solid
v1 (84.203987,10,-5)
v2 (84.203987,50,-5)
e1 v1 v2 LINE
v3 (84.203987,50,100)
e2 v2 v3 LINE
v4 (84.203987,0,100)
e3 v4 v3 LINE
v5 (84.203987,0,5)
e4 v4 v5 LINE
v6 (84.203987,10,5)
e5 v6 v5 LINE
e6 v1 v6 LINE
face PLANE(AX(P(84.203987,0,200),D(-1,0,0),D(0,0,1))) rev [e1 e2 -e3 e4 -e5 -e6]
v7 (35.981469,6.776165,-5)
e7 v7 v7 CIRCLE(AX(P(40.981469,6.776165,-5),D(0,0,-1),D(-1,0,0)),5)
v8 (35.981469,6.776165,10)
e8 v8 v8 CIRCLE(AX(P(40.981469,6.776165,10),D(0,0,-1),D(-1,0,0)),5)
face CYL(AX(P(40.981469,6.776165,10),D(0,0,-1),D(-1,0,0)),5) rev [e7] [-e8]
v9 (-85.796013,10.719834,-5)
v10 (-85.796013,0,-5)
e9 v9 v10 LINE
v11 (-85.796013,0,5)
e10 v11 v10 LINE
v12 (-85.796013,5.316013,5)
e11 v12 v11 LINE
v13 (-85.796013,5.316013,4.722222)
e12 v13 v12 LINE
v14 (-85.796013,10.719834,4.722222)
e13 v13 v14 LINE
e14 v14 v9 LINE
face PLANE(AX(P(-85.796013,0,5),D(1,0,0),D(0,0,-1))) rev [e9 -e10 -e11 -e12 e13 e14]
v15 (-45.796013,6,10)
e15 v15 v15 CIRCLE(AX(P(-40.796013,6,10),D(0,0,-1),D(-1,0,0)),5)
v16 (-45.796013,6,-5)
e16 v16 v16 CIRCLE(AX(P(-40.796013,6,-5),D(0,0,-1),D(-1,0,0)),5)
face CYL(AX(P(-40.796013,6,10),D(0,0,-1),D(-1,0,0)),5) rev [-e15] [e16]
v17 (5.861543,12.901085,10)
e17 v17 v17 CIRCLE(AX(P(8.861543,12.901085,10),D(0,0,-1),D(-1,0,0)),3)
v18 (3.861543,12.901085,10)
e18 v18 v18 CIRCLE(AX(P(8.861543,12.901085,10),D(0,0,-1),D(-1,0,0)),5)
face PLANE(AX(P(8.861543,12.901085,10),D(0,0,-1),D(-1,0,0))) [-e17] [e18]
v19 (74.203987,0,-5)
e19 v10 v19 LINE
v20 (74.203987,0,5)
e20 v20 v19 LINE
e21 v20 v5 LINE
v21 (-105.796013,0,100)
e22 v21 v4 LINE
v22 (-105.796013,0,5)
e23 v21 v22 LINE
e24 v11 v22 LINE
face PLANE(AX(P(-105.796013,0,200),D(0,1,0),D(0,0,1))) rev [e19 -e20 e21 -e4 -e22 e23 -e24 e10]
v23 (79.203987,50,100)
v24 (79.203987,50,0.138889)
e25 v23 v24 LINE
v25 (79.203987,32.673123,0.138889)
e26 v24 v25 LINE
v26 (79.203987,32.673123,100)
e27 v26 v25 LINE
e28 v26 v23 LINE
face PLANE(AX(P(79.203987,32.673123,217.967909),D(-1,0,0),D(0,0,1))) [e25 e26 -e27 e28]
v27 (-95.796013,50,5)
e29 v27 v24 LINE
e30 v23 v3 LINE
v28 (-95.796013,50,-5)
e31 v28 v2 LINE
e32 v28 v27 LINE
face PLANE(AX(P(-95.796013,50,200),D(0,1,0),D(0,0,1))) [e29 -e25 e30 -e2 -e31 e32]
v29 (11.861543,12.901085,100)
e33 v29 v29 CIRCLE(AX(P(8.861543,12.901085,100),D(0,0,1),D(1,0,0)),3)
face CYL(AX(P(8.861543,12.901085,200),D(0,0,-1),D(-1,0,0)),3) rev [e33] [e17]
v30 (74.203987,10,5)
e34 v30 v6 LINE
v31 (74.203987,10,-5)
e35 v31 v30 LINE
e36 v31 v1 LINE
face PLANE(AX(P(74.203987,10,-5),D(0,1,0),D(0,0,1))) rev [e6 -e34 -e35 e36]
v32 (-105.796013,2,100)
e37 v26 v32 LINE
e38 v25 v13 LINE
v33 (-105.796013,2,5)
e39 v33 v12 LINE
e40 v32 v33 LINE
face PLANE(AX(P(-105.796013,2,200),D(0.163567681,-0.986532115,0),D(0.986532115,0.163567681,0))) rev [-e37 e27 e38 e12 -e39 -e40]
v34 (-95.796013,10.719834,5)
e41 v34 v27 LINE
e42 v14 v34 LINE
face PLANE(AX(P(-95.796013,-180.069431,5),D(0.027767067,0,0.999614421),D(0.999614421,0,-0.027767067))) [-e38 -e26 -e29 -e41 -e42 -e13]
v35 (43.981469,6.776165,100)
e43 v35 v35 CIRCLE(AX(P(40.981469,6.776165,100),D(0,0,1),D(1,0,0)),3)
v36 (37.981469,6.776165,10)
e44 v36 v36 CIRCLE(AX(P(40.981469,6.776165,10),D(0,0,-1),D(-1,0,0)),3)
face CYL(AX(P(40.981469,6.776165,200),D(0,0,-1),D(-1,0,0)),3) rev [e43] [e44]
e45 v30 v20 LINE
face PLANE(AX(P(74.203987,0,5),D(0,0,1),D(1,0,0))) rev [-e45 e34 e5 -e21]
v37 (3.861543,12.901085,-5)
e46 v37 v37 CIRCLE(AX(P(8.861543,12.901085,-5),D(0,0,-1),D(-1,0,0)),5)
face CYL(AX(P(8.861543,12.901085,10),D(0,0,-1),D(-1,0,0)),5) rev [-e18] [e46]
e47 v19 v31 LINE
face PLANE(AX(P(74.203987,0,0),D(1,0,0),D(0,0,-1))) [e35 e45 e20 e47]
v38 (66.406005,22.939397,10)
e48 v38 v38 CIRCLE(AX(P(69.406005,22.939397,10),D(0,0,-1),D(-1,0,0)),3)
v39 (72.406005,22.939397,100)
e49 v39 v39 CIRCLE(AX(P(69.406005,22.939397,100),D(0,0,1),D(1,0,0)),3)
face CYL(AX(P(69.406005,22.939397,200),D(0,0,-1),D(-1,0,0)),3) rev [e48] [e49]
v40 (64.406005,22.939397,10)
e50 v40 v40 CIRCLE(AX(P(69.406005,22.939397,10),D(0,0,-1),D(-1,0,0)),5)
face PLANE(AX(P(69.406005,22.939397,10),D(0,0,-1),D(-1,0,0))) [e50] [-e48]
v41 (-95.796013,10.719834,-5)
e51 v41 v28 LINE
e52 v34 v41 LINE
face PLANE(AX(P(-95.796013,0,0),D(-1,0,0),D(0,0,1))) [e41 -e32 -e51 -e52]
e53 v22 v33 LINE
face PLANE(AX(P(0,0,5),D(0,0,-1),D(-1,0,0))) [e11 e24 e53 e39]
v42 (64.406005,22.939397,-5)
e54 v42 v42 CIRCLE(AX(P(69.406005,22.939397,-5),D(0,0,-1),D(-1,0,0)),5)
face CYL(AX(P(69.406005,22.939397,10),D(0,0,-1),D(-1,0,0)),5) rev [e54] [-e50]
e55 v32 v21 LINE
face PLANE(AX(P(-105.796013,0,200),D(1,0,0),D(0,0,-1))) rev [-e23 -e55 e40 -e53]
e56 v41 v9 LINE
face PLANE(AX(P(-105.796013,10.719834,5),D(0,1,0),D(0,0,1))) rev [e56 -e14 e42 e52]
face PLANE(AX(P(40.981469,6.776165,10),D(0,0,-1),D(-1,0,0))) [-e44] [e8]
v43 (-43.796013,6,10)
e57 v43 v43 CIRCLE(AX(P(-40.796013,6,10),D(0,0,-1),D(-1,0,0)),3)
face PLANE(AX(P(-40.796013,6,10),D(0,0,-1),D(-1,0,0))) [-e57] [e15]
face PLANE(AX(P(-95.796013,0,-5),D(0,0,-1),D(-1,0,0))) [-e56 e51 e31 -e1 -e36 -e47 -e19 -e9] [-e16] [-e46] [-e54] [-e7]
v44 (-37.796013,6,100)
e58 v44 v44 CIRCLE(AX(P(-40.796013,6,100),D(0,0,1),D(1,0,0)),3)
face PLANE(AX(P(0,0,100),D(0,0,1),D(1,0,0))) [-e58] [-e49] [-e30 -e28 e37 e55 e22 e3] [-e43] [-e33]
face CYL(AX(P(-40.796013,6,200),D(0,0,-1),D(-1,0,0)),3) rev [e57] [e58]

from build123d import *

# Parameters (mm, degrees)
ESQUISSE1_R             = 3
BOSS_EXTRU_1_DEPTH      = 200
ESQUISSE4_W             = 5
ESQUISSE4_H             = 50
BOSS_EXTRU_4_DEPTH      = 180
BOSS_EXTRU_7_DEPTH      = 50
ESQUISSE6_W             = 20
ESQUISSE6_H             = 10.719834163
ENL_V_MAT_EXTRU_2_DEPTH = 10
ESQUISSE5_W             = 10
ESQUISSE5_H             = 10
ENL_V_MAT_EXTRU_1_DEPTH = 10
ESQUISSE14_R            = 5
ENL_V_MAT_EXTRU_4_DEPTH = 15
BOSS_EXTRU_8_REACH      = 242.401
ESQUISSE16_W            = 219.108996988
ESQUISSE16_H            = 68.482817494
ENL_V_MAT_EXTRU_5_DEPTH = 105


with BuildPart() as part:
    # Esquisse1 → Boss.-Extru.1 (new body)
    with BuildSketch(Plane.XY):
        Polygon((-105.796013405, 0), (84.203986595, 0), (84.203986595, 33.502126335), (-105.796013405, 2), align=None)
        with Locations((69.406004871, 22.939397164)):
            Circle(ESQUISSE1_R, mode=Mode.SUBTRACT)
        with Locations((40.981469067, 6.77616521)):
            Circle(ESQUISSE1_R, mode=Mode.SUBTRACT)
        with Locations((-40.796013405, 6)):
            Circle(ESQUISSE1_R, mode=Mode.SUBTRACT)
        with Locations((8.861542866, 12.901085106)):
            Circle(ESQUISSE1_R, mode=Mode.SUBTRACT)
    extrude(amount=BOSS_EXTRU_1_DEPTH)

    # Esquisse4 → Boss.-Extru.4 (add)
    with BuildSketch(Plane(origin=(84.203986595, 0, 0), x_dir=(0, 0, -1), z_dir=(1, 0, 0))):
        with Locations((-202.5, 25)):
            Rectangle(ESQUISSE4_W, ESQUISSE4_H)
        with Locations((2.5, 25)):
            Rectangle(ESQUISSE4_W, ESQUISSE4_H)
    extrude(amount=-BOSS_EXTRU_4_DEPTH)

    # Esquisse8 → Boss.-Extru.7 (add)
    with BuildSketch(Plane(origin=(0, 50, 0), x_dir=(1, 0, 0), z_dir=(0, 1, 0))):
        Polygon((84.203986595, 0), (-95.796013405, 0), (-95.796013405, -5), align=None)
    boss_extru_7 = extrude(amount=-BOSS_EXTRU_7_DEPTH)

    # Esquisse6 → Enlèv. mat.-Extru.2 (cut)
    with BuildSketch(Plane(origin=(0, 0, -5), x_dir=(-1, 0, 0), z_dir=(0, 0, -1))):
        with Locations((95.796013405, 5.359917081)):
            Rectangle(ESQUISSE6_W, ESQUISSE6_H)
    enl_v_mat_extru_2 = extrude(amount=-ENL_V_MAT_EXTRU_2_DEPTH, mode=Mode.SUBTRACT)

    # Esquisse5 → Enlèv. mat.-Extru.1 (cut)
    with BuildSketch(Plane(origin=(84.203986595, 0, 0), x_dir=(0, 0, -1), z_dir=(1, 0, 0))):
        with Locations((-200, 5)):
            Rectangle(ESQUISSE5_W, ESQUISSE5_H)
        with Locations((0, 5)):
            Rectangle(ESQUISSE5_W, ESQUISSE5_H)
    extrude(amount=-ENL_V_MAT_EXTRU_1_DEPTH, mode=Mode.SUBTRACT)

    # Esquisse14 → Enlèv. mat.-Extru.4 (cut)
    with BuildSketch(Plane(origin=(0, 0, -5), x_dir=(-1, 0, 0), z_dir=(0, 0, -1))):
        with Locations((-69.406004871, 22.939397164)):
            Circle(ESQUISSE14_R)
        with Locations((-40.981469067, 6.77616521)):
            Circle(ESQUISSE14_R)
        with Locations((-8.861542866, 12.901085106)):
            Circle(ESQUISSE14_R)
        with Locations((40.796013405, 6)):
            Circle(ESQUISSE14_R)
    enl_v_mat_extru_4 = extrude(amount=-ENL_V_MAT_EXTRU_4_DEPTH, mode=Mode.SUBTRACT)

    # Symétrie3: Boss.-Extru.7, Enlèv. mat.-Extru.2, Enlèv. mat.-Extru.4 across plane
    add(boss_extru_7.mirror(Plane(origin=(0, 0, 100), x_dir=(1, 0, 0), z_dir=(0, 0, -1))))
    add(enl_v_mat_extru_2.mirror(Plane(origin=(0, 0, 100), x_dir=(1, 0, 0), z_dir=(0, 0, -1))), mode=Mode.SUBTRACT)
    add(enl_v_mat_extru_4.mirror(Plane(origin=(0, 0, 100), x_dir=(1, 0, 0), z_dir=(0, 0, -1))), mode=Mode.SUBTRACT)

    # Boss.-Extru.8: up to this plane
    boss_extru_8_end = Plane(origin=(-95.796013405, -180.069431054, 195), z_dir=(-0.0277670672403533, 0, 0.9996144206527183))
    # Esquisse15 → Boss.-Extru.8 (add, up to the surface)
    with BuildSketch(Plane(origin=(0, 0, -5), x_dir=(-1, 0, 0), z_dir=(0, 0, -1)), mode=Mode.PRIVATE) as boss_extru_8_sk1:
        Polygon((-84.203986595, 33.502126335), (-79.203986595, 32.67312301), (-79.203986595, 50), (-84.203986595, 50), align=None)
    boss_extru_8_tool1 = split(extrude(boss_extru_8_sk1.sketch, amount=-BOSS_EXTRU_8_REACH, mode=Mode.PRIVATE), bisect_by=boss_extru_8_end, keep=Keep.BOTH, mode=Mode.PRIVATE)
    add(boss_extru_8_tool1.solids().sort_by_distance((81.683563, 41.542119, -5))[0])

    # Esquisse16 → Enlèv. mat.-Extru.5 (cut)
    with BuildSketch(Plane(origin=(0, 0, 100), x_dir=(-1, 0, 0), z_dir=(0, 0, -1))):
        with Locations((5.796013405, 28.916172848)):
            Rectangle(ESQUISSE16_W, ESQUISSE16_H)
    extrude(amount=-ENL_V_MAT_EXTRU_5_DEPTH, mode=Mode.SUBTRACT)


solid = part.part
